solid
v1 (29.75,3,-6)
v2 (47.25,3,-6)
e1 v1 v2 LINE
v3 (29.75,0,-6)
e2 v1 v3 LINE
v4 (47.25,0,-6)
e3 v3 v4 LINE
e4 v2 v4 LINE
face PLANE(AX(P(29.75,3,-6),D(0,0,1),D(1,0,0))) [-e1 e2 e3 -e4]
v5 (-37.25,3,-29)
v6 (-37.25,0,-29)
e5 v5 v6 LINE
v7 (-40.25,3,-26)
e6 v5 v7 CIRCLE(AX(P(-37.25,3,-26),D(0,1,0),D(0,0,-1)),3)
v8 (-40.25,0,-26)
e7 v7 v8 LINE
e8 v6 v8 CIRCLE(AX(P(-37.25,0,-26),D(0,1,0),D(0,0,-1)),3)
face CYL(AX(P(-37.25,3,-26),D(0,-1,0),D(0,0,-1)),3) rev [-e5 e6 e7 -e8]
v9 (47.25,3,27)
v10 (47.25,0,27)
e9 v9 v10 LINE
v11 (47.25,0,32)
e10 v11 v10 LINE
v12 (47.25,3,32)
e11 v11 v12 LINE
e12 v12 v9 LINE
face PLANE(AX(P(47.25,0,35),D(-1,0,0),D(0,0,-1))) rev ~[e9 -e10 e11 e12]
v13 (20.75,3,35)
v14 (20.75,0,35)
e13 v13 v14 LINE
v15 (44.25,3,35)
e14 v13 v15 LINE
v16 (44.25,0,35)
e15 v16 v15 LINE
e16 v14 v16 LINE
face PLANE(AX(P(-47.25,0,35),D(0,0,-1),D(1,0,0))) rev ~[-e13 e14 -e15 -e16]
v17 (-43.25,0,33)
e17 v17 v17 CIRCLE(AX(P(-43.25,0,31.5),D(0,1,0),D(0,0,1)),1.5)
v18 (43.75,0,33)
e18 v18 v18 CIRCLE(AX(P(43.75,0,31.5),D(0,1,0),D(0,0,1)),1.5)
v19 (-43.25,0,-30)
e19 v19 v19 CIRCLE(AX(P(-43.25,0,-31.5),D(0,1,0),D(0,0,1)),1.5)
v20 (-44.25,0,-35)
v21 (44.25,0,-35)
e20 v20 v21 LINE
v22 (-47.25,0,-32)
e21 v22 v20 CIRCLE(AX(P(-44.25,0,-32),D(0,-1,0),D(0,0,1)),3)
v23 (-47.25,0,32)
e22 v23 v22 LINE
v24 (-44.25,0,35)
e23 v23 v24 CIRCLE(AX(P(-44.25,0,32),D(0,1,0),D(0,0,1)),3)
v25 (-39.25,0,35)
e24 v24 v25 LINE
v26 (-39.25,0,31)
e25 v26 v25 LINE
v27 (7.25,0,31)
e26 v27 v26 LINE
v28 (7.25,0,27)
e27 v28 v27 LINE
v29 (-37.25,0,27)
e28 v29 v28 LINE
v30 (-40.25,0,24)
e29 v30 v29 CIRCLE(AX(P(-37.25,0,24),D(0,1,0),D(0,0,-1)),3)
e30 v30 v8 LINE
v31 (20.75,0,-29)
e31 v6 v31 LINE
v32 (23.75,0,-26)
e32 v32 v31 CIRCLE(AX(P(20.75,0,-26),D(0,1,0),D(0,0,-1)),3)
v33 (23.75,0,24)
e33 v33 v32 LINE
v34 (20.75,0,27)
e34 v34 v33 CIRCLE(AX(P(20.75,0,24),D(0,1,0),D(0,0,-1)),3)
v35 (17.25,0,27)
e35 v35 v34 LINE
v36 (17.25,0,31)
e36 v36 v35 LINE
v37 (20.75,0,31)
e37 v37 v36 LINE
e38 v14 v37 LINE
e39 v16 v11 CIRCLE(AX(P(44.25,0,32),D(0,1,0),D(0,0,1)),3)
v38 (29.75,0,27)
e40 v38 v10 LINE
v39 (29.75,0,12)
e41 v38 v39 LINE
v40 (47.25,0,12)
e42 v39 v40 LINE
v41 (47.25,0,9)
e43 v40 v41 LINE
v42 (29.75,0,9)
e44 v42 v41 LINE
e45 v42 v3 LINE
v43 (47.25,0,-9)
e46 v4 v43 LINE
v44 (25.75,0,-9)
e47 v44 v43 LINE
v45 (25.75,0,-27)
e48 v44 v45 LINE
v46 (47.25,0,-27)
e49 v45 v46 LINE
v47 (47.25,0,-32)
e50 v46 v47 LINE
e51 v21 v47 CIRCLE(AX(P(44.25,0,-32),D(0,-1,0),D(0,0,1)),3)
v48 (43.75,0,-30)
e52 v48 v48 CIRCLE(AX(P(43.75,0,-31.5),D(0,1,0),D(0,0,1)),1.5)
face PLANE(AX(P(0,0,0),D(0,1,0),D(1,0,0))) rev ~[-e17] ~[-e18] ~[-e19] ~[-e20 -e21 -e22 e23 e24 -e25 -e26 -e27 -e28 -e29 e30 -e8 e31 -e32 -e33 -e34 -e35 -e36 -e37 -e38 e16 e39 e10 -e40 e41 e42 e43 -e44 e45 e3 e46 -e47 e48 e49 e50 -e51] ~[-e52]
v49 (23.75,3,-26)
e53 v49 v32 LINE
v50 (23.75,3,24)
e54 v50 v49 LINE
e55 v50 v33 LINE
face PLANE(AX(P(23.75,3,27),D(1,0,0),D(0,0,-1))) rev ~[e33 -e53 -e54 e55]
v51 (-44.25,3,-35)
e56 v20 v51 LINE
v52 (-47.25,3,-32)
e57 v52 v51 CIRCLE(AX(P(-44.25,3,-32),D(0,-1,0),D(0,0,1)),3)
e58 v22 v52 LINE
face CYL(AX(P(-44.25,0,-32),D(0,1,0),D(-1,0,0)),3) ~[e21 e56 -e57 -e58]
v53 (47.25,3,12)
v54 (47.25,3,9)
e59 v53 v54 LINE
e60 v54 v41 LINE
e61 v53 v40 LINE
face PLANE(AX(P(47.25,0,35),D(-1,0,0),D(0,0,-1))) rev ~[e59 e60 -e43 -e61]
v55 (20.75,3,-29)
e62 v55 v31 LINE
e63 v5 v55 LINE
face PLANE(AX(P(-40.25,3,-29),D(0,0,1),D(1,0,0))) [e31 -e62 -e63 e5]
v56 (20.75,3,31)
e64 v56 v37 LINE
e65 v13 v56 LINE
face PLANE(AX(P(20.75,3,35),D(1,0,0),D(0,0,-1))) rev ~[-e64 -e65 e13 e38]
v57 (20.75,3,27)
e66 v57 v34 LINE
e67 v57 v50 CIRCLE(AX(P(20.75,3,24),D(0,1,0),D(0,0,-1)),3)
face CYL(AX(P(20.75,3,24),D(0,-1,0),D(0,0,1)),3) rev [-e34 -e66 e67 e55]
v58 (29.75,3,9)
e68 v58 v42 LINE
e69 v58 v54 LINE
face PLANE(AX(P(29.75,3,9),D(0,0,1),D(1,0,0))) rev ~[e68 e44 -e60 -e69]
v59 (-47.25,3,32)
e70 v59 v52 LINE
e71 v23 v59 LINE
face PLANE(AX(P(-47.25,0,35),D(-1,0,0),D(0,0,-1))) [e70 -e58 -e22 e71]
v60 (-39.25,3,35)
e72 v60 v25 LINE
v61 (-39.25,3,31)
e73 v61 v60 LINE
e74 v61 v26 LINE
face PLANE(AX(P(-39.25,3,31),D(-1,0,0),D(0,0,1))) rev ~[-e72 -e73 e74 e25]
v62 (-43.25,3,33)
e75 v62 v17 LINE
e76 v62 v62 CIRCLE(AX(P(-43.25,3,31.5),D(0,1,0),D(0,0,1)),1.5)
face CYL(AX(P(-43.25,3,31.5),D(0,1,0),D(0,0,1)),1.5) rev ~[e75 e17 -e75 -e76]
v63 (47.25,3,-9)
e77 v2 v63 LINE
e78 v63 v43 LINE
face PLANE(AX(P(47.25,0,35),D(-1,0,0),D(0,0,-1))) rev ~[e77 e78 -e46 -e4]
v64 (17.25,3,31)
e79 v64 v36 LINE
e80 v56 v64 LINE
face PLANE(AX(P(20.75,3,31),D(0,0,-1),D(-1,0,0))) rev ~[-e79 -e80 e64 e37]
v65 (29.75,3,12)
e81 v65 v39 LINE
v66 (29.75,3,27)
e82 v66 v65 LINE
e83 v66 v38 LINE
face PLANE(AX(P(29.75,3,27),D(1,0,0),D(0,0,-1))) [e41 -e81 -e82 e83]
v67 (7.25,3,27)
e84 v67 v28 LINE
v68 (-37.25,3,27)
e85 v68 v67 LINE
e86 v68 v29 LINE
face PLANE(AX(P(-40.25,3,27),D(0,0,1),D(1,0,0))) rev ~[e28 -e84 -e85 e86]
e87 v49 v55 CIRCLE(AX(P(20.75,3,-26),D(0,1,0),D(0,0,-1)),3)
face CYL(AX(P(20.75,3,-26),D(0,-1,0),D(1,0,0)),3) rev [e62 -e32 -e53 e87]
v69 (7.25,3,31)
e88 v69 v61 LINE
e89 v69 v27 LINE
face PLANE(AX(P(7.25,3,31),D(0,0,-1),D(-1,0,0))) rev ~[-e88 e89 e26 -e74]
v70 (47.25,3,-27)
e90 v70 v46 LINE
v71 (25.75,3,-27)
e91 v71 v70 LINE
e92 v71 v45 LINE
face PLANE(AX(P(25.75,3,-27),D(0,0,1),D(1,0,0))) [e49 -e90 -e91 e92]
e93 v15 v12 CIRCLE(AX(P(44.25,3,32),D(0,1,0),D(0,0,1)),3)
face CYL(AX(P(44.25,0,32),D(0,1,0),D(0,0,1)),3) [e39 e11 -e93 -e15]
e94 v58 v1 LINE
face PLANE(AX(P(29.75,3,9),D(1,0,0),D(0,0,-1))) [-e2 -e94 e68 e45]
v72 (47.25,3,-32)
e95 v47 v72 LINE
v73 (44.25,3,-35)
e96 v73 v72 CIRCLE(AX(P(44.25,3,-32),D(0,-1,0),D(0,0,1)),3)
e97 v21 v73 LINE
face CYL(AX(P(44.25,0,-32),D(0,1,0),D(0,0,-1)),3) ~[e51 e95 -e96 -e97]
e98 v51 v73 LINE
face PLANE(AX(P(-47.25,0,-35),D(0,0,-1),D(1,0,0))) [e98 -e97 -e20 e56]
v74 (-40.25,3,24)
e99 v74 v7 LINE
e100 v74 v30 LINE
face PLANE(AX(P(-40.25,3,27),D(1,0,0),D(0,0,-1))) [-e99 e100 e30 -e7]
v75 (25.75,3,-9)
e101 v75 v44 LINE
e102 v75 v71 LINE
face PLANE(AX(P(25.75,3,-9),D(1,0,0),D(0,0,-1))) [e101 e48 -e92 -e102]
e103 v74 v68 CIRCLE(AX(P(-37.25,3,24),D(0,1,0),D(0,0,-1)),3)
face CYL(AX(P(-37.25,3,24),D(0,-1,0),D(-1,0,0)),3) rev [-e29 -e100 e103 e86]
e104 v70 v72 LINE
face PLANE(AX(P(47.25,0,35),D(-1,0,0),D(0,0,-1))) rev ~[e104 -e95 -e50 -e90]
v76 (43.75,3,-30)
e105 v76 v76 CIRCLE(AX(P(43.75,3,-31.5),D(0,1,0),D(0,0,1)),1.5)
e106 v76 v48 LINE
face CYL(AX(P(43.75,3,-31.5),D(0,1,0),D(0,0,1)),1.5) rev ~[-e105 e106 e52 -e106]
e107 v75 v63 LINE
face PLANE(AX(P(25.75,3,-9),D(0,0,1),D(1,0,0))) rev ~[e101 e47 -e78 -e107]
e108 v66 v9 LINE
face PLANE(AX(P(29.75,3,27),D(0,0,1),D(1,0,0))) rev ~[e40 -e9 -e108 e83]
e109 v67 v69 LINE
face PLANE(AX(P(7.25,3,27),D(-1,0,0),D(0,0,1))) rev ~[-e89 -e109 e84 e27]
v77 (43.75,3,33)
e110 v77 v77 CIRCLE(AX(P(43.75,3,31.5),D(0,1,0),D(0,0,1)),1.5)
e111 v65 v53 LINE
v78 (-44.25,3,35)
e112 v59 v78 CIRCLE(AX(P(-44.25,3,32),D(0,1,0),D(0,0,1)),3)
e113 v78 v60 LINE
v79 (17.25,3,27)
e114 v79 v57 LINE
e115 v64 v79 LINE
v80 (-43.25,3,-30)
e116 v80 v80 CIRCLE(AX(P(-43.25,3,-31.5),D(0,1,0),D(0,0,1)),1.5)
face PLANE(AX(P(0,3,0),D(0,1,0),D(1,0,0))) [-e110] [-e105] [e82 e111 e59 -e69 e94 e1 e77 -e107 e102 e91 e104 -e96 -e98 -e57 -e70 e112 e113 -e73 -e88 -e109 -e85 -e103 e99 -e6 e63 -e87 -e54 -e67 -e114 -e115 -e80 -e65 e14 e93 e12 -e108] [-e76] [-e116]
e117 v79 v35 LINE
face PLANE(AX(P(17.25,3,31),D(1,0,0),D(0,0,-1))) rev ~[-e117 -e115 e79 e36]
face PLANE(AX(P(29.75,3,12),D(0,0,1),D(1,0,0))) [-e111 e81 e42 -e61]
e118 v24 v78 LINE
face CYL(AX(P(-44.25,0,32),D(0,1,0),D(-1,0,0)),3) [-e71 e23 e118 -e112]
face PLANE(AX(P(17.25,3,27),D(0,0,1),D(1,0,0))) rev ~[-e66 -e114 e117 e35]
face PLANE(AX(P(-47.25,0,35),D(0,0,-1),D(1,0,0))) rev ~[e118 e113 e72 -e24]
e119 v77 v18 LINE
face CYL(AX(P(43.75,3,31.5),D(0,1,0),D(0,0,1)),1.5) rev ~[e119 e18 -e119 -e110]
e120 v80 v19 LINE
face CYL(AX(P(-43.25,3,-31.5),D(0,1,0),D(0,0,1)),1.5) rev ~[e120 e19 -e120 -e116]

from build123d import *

# Parameters (mm, degrees)
SKETCH1_W           = 94.5
SKETCH1_H           = 70
BOSS_EXTRUDE1_DEPTH = 3
SKETCH3_R           = 1.5
CUT_EXTRUDE2_DEPTH  = 59.877521177
FILLET2_R           = 3
SKETCH5_W           = 64
SKETCH5_H           = 56
SKETCH5_W_2         = 21.5
SKETCH5_H_2         = 18
SKETCH5_W_3         = 17.5
SKETCH5_H_3         = 15
CUT_EXTRUDE3_DEPTH  = 59.877521177
FILLET3_R           = 3


with BuildPart() as part:
    # Sketch1 → Boss-Extrude1 (new body)
    with BuildSketch(Plane(origin=(0, 0, 0), x_dir=(1, 0, 0), z_dir=(0, 1, 0))):
        Rectangle(SKETCH1_W, SKETCH1_H)
    extrude(amount=BOSS_EXTRUDE1_DEPTH)

    # Sketch3 → Cut-Extrude2 (cut, through all)
    with BuildSketch(Plane(origin=(0, 3, 0), x_dir=(1, 0, 0), z_dir=(0, 1, 0))):
        with Locations(Location((43.75, 31.5, 0), (0, 0, 270))):
            Circle(SKETCH3_R)
        with Locations(Location((-43.25, 31.5, 0), (0, 0, 270))):
            Circle(SKETCH3_R)
        with Locations(Location((-43.25, -31.5, 0), (0, 0, 270))):
            Circle(SKETCH3_R)
        with Locations(Location((43.75, -31.5, 0), (0, 0, 270))):
            Circle(SKETCH3_R)
    extrude(amount=-CUT_EXTRUDE2_DEPTH, mode=Mode.SUBTRACT)

    # Fillet2
    fillet2_edges = [part.edges().sort_by_distance(p)[0] for p in [
        (47.25, 1.5, 35),
        (-47.25, 1.5, 35),
        (-47.25, 1.5, -35),
        (47.25, 1.5, -35),
    ]]
    fillet(fillet2_edges, radius=FILLET2_R)

    # Sketch5 → Cut-Extrude3 (cut, through all)
    with BuildSketch(Plane(origin=(0, 3, 0), x_dir=(1, 0, 0), z_dir=(0, 1, 0))):
        with Locations((-8.25, 1)):
            Rectangle(SKETCH5_W, SKETCH5_H)
        with Locations((36.5, 18)):
            Rectangle(SKETCH5_W_2, SKETCH5_H_2)
        with Locations((38.5, -1.5)):
            Rectangle(SKETCH5_W_3, SKETCH5_H_3)
        with Locations((38.5, -19.5)):
            Rectangle(SKETCH5_W_3, SKETCH5_H_3)
        Polygon((17.25, -27), (7.25, -27), (7.25, -31), (-39.25, -31), (-39.25, -35), (20.75, -35), (20.75, -31), (17.25, -31), align=None)
    extrude(amount=-CUT_EXTRUDE3_DEPTH, mode=Mode.SUBTRACT)

    # Fillet3
    fillet3_edges = [part.edges().sort_by_distance(p)[0] for p in [
        (-40.25, 1.5, 27),
        (-40.25, 1.5, -29),
        (23.75, 1.5, -29),
        (23.75, 1.5, 27),
    ]]
    fillet(fillet3_edges, radius=FILLET3_R)


solid = part.part
